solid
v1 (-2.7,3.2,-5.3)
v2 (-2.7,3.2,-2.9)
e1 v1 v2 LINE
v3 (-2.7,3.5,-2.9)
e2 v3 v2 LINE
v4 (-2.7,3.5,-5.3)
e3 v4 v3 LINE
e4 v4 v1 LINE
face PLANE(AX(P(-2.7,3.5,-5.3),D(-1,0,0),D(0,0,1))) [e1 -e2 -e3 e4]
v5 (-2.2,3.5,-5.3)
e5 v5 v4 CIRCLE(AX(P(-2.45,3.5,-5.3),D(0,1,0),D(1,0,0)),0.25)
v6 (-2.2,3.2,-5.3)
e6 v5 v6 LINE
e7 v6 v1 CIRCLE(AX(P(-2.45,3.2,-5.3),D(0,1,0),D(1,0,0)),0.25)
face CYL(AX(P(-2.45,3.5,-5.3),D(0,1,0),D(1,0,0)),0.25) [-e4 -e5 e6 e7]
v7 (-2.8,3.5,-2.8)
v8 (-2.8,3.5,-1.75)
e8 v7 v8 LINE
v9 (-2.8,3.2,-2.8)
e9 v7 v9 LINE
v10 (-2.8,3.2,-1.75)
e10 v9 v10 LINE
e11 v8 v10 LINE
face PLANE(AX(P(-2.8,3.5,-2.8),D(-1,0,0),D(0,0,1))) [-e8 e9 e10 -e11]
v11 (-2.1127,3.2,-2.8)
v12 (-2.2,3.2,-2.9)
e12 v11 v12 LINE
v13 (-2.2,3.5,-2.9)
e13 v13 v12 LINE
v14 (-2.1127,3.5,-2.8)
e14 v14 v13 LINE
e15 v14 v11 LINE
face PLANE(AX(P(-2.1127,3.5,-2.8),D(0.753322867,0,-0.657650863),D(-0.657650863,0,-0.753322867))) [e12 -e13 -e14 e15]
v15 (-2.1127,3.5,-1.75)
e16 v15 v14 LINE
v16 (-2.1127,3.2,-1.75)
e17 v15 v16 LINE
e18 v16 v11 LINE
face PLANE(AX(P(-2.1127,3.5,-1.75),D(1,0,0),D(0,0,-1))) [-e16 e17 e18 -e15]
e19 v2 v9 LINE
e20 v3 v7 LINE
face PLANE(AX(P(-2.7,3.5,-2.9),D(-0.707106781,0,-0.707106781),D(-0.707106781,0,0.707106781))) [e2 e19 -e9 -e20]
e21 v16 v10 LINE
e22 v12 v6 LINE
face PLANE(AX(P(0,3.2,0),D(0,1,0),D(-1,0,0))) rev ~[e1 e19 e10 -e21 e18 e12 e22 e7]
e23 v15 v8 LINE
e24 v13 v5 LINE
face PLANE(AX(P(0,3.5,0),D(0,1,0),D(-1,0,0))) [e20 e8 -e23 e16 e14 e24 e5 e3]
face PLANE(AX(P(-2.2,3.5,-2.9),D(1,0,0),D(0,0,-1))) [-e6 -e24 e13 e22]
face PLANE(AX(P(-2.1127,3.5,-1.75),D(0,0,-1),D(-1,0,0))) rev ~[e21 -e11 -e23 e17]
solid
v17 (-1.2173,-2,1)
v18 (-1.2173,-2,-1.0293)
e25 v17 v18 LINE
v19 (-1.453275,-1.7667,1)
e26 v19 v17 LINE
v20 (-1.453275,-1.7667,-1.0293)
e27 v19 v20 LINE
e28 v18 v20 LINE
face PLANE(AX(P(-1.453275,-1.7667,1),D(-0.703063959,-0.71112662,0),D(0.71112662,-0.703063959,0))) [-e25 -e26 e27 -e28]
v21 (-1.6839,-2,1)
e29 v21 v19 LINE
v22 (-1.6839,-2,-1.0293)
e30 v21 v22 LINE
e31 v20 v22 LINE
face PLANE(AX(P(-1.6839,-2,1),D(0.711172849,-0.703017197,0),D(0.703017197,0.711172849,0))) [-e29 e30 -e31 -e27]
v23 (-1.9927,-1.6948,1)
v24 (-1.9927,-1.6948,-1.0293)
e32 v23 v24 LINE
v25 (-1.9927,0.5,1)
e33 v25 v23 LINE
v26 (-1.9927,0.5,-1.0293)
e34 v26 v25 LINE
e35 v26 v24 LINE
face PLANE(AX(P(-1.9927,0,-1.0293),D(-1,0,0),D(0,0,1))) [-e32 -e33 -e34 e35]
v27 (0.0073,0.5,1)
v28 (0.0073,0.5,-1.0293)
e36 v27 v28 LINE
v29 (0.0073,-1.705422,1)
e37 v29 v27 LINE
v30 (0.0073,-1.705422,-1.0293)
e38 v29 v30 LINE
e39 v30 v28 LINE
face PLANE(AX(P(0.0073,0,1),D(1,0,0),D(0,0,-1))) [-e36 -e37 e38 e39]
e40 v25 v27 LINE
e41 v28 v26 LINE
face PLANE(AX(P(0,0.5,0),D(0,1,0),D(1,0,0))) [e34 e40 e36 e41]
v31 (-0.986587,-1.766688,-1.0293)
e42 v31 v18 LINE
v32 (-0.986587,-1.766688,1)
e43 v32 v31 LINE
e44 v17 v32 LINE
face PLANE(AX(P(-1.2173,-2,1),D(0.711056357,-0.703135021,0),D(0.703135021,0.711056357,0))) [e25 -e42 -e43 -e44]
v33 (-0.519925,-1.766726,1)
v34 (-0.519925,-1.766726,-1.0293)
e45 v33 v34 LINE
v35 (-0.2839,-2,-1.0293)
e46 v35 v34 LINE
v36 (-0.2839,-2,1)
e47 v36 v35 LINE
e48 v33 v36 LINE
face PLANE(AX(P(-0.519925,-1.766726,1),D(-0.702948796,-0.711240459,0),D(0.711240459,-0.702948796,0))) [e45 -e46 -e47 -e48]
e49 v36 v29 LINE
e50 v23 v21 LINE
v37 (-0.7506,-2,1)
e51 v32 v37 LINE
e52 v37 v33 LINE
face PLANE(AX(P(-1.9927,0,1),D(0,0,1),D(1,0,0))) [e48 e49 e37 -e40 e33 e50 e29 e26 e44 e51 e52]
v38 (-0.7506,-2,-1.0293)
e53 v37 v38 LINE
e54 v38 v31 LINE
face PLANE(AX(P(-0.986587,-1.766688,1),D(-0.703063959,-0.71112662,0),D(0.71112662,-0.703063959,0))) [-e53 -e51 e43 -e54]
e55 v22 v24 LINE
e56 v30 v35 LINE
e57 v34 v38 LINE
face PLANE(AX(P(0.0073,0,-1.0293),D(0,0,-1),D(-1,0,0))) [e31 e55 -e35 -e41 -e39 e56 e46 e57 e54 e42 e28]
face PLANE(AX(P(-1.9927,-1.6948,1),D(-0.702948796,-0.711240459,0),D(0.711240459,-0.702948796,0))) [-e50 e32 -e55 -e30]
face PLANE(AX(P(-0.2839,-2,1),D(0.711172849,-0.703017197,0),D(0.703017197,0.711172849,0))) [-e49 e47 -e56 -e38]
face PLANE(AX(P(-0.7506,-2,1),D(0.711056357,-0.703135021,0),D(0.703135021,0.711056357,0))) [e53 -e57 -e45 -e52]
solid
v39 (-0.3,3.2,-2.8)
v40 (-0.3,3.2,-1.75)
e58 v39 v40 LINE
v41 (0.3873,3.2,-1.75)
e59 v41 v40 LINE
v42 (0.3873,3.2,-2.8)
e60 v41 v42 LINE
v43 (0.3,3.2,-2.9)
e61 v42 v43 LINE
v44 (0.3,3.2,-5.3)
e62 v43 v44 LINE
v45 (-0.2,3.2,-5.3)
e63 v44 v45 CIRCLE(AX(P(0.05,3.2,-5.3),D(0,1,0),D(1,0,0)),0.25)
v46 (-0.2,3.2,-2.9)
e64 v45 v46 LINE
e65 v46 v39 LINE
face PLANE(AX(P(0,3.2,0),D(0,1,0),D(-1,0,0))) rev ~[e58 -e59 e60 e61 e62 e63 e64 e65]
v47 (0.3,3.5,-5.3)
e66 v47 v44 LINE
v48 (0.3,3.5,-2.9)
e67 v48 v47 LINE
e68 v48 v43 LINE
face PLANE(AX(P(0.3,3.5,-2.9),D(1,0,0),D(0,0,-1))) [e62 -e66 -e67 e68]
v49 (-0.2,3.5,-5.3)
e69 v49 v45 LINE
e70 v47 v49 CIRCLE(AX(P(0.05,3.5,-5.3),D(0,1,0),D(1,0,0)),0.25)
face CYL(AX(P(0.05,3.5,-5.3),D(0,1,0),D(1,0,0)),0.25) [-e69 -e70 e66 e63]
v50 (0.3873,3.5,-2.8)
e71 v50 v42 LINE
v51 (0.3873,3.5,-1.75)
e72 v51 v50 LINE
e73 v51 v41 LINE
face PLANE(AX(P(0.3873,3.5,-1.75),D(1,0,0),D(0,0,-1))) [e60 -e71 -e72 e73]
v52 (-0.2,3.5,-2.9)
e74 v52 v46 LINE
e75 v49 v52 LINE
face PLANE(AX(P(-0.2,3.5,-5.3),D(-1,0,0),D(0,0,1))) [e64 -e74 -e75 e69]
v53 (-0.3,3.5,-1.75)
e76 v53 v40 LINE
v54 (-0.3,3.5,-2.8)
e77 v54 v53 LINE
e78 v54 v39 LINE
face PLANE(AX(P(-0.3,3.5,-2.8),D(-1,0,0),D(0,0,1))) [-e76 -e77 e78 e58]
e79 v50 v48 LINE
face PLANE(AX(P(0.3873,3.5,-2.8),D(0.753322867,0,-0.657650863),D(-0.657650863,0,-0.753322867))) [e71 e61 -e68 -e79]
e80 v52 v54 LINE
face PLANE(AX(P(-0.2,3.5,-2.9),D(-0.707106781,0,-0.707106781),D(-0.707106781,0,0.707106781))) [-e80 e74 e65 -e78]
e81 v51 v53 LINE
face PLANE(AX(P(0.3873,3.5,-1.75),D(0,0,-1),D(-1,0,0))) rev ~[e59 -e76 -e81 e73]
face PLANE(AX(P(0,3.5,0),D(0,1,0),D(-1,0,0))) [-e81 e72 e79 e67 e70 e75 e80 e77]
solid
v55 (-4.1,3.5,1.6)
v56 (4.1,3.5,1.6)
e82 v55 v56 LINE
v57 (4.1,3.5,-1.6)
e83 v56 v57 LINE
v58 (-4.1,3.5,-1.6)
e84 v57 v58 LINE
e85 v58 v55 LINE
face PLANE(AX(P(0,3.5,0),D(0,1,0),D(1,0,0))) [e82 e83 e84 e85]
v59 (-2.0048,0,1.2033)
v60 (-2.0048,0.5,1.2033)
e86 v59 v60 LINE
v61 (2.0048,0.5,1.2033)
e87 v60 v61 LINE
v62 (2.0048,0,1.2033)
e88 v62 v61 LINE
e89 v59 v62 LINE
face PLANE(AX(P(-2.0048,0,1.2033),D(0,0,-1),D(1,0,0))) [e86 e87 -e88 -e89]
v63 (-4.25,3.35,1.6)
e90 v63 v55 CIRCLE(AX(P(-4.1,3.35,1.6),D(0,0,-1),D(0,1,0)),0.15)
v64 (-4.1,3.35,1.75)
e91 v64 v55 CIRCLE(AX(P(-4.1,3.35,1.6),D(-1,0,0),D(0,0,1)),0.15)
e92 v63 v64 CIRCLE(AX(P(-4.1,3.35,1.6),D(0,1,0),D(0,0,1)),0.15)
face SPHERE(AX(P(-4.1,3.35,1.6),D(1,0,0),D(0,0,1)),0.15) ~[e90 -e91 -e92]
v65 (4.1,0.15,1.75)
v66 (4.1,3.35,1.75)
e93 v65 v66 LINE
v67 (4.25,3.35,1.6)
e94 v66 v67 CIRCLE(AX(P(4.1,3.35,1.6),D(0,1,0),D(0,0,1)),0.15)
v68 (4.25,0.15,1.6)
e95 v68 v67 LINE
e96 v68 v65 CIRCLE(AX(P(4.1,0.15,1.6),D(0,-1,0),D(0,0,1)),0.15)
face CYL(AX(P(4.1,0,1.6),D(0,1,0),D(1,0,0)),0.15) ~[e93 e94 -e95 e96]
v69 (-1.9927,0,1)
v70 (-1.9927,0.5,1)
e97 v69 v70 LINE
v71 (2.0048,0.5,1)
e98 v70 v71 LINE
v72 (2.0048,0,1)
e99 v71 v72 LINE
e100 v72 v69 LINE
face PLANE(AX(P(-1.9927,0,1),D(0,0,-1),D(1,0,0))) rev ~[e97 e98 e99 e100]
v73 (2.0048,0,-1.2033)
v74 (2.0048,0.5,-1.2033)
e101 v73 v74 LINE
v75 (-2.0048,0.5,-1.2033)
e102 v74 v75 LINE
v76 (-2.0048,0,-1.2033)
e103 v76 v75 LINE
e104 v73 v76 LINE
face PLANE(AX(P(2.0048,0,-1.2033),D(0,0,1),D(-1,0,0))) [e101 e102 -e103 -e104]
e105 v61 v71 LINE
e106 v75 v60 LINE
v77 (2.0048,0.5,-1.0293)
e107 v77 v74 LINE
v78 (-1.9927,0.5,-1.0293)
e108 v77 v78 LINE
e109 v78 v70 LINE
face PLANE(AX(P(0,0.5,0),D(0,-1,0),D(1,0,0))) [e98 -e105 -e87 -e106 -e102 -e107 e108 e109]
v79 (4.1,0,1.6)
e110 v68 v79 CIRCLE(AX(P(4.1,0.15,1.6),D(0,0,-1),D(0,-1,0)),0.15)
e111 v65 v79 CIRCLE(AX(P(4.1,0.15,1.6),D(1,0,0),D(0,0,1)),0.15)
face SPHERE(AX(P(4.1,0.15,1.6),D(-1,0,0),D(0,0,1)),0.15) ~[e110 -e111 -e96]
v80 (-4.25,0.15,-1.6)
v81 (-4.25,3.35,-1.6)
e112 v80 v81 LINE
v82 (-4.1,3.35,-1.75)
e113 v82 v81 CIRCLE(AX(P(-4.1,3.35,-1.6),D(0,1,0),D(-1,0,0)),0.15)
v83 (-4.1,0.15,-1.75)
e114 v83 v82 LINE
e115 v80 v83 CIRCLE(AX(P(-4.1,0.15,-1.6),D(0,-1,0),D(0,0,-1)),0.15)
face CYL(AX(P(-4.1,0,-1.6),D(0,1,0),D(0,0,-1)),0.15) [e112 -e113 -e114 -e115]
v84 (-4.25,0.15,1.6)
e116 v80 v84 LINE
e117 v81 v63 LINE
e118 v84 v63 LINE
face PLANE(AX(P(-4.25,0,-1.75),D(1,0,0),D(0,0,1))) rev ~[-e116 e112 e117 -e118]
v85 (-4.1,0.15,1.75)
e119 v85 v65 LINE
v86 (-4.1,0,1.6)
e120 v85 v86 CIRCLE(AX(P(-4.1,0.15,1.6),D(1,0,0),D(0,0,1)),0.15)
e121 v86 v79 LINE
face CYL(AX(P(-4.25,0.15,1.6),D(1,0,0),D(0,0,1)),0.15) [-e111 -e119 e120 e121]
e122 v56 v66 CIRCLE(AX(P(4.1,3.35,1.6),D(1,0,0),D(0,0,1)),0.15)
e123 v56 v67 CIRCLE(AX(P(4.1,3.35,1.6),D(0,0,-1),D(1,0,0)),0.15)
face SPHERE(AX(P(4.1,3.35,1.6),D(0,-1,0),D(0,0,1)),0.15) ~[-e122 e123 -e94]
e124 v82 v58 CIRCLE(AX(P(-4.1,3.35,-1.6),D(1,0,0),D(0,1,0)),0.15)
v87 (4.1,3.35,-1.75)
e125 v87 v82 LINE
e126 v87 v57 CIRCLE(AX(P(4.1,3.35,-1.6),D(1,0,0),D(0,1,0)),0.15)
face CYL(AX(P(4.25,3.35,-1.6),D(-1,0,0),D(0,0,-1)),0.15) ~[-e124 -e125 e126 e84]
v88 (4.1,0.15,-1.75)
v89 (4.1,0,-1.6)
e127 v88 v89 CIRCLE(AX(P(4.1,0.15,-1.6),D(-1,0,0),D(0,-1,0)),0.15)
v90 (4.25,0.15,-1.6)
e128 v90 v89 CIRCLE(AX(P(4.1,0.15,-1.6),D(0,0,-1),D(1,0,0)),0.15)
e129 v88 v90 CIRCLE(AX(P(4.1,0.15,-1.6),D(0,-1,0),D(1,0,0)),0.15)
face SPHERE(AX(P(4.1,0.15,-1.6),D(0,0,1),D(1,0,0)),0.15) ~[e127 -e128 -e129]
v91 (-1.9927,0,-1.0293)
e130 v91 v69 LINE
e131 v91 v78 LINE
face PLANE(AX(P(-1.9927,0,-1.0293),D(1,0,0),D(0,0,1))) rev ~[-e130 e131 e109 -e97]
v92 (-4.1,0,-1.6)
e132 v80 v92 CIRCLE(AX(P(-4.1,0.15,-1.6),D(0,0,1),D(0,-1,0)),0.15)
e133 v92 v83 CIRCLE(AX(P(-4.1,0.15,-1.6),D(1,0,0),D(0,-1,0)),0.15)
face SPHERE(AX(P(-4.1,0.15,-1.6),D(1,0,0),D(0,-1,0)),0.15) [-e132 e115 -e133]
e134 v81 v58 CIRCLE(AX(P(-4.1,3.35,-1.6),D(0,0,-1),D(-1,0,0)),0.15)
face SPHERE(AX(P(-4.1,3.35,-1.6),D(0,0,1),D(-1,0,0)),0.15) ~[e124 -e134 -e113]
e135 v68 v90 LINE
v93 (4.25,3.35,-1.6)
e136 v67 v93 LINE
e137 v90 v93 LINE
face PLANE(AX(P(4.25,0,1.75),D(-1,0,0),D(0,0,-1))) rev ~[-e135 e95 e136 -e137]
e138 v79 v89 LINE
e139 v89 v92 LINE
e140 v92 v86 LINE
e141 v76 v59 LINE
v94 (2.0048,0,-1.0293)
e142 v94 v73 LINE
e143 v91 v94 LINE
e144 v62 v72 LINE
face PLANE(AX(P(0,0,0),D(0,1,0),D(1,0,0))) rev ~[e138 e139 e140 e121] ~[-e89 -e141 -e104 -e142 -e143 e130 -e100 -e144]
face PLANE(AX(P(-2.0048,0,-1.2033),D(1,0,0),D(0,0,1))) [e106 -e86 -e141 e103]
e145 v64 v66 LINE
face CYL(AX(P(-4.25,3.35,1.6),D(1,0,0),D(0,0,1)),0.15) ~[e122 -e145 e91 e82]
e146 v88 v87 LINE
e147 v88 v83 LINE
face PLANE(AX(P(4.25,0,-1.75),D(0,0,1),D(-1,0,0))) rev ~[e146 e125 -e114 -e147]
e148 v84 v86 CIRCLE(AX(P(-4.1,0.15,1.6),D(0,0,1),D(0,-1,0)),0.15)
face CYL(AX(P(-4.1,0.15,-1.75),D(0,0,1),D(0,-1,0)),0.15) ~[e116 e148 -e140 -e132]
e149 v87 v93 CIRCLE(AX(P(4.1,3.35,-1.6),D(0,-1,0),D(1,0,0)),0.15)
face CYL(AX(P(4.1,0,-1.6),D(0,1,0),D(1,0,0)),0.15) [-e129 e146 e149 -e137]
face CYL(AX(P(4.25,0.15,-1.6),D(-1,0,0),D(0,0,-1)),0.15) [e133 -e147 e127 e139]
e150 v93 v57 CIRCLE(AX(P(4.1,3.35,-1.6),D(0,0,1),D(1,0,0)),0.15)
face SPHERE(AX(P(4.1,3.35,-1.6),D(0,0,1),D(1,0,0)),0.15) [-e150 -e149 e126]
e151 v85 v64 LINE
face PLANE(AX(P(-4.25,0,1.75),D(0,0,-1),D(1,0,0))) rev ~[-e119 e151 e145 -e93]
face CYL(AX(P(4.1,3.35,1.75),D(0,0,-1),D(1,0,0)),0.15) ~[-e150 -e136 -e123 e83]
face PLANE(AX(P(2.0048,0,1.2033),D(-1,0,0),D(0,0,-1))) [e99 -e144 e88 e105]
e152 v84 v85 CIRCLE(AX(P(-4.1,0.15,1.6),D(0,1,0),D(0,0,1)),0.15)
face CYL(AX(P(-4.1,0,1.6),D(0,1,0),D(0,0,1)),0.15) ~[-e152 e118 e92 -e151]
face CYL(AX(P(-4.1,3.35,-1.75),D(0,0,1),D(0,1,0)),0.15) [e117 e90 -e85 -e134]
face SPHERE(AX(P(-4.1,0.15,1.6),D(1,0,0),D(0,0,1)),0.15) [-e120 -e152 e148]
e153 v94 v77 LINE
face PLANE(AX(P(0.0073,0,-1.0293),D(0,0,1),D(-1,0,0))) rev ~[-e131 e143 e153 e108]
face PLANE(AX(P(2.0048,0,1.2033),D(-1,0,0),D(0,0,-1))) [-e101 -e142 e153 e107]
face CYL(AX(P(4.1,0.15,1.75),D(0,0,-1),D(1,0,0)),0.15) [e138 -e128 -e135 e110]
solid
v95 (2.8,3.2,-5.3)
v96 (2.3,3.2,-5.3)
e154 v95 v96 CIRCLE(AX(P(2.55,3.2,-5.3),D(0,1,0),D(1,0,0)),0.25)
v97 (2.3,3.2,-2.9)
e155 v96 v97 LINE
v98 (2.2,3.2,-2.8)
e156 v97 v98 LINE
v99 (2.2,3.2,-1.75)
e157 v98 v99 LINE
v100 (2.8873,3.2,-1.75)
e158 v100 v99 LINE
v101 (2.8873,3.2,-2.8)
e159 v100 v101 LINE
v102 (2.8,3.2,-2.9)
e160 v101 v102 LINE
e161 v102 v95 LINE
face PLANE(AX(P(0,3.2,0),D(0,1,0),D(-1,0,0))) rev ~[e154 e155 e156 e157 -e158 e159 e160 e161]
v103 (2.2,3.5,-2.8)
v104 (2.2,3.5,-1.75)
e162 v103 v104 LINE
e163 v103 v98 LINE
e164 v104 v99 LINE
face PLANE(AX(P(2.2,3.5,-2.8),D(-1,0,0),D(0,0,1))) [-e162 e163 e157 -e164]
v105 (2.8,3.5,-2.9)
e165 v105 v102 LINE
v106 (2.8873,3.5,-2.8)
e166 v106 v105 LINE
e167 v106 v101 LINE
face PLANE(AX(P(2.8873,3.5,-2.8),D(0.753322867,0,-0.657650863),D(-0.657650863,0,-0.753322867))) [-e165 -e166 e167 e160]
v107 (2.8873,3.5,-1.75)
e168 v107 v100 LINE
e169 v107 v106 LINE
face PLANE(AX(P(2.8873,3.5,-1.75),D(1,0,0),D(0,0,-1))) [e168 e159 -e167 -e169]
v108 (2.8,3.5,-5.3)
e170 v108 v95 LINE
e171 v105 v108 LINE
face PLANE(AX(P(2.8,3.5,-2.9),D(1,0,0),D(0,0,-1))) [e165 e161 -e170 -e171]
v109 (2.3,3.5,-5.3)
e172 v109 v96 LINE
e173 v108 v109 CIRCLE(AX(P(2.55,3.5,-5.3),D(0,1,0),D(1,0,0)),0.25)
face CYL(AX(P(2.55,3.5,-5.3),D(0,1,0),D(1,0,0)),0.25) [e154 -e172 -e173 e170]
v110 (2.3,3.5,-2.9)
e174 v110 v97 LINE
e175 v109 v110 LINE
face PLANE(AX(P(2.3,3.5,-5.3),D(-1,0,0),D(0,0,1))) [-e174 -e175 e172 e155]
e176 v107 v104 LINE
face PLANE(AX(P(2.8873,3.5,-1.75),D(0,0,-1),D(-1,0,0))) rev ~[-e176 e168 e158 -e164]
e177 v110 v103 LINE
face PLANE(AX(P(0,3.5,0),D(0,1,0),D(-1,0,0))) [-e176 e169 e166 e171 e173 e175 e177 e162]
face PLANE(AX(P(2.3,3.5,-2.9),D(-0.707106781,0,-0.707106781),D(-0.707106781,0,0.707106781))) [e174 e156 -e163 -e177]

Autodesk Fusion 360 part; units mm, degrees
sketch "Sketch1" plane through (0, 0, 0) normal (0, 1, 0) x (1, 0, 0)
  line L0 (4.25, 1.75) -> (-4.25, 1.75)
  line L1 (-4.25, 1.75) -> (-4.25, -1.75)
  line L2 (-4.25, -1.75) -> (4.25, -1.75)
  line L3 (4.25, -1.75) -> (4.25, 1.75)
  line L4 (4.25, 1.75) -> (-4.25, -1.75) construction
  line L5 (-4.25, 1.75) -> (4.25, -1.75) construction
  dimension "d1" = 8.5
  dimension "d2" = 3.5
extrude "Extrude1" add sketch "Sketch1" along normal blind 3.5 makes body 1
sketch "Sketch3" plane through (0, 0, 0) normal (0, -1, 0) x (1, 0, 0)
  line L0 (4.25, -1.75) -> (4.25, 1.75)
  line L1 (4.25, 1.75) -> (-4.25, 1.75)
  line L2 (-4.25, 1.75) -> (-4.25, -1.75)
  line L3 (-4.25, -1.75) -> (4.25, -1.75)
  line L4 (2.0048, -1.2033) -> (-2.0048, -1.2033)
  line L5 (-2.0048, -1.2033) -> (-2.0048, 1.2033)
  line L6 (-2.0048, 1.2033) -> (2.0048, 1.2033)
  line L7 (2.0048, 1.2033) -> (2.0048, -1.2033)
  line L8 (2.0048, -1.2033) -> (-2.0048, 1.2033) construction
  line L9 (-2.0048, -1.2033) -> (2.0048, 1.2033) construction
  line L10 (0.0073, -1.0293) -> (-1.9927, -1.0293)
  line L11 (-1.9927, -1.0293) -> (-1.9927, 1)
  line L12 (-1.9927, 1) -> (0.0073, 1)
  line L13 (0.0073, 1) -> (0.0073, -1.0293)
  dimension "d7" = 2
extrude "Extrude2" cut sketch "Sketch3" against normal blind 0.5 contours L4 L5 L6 L7 bodies 1
extrude "Extrude3" add 1 faces at (-0.6593, 0, 0.3236) along direction (0, -1, 0) blind 2 and the other way blind 0.5 separate body on bodies 1 makes body 2
sketch "Sketch4" plane through (0, 3.5, 0) normal (0, 1, 0) x (-1, 0, 0)
  line L0 (-4.25, 1.75) -> (-4.25, -1.75)
  line L1 (-4.25, -1.75) -> (4.25, -1.75)
  line L2 (4.25, -1.75) -> (4.25, 1.75)
  line L3 (4.25, 1.75) -> (-4.25, 1.75)
  line L4 (-2.8873, -1.75) -> (-2.8873, -2.8)
  line L5 (-2.8873, -2.8) -> (-2.8, -2.9)
  line L6 (-2.8, -2.9) -> (-2.8, -5.3)
  arc A0 (-2.8, -5.3) -> (-2.3, -5.3) centre (-2.55, -5.3) ccw
  line L7 (-2.3, -5.3) -> (-2.3, -2.9)
  line L8 (-2.3, -2.9) -> (-2.2, -2.8)
  line L9 (-2.2, -2.8) -> (-2.2, -1.75)
  line L10 (-2.8873, -1.75) -> (-2.2, -1.75)
  line L11 (-0.3873, -1.75) -> (0.3, -1.75)
  line L12 (-0.3873, -1.75) -> (-0.3873, -2.8)
  line L13 (-0.3873, -2.8) -> (-0.3, -2.9)
  line L14 (-0.3, -2.9) -> (-0.3, -5.3)
  arc A1 (-0.3, -5.3) -> (0.2, -5.3) centre (-0.05, -5.3) ccw
  line L15 (0.2, -5.3) -> (0.2, -2.9)
  line L16 (0.2, -2.9) -> (0.3, -2.8)
  line L17 (0.3, -2.8) -> (0.3, -1.75)
  line L18 (2.1127, -1.75) -> (2.8, -1.75)
  line L19 (2.1127, -1.75) -> (2.1127, -2.8)
  line L20 (2.1127, -2.8) -> (2.2, -2.9)
  line L21 (2.2, -2.9) -> (2.2, -5.3)
  arc A2 (2.2, -5.3) -> (2.7, -5.3) centre (2.45, -5.3) ccw
  line L22 (2.7, -5.3) -> (2.7, -2.9)
  line L23 (2.7, -2.9) -> (2.8, -2.8)
  line L24 (2.8, -2.8) -> (2.8, -1.75)
  dimension "d14" = 0.5
  dimension "d17" = 5
  dimension "d18" = 0
extrude "Extrude4" add sketch "Sketch4" against normal blind 0.3 separate body contours L1 L4 L5 L6 A0 L7 L8 L9 L10 | L1 L18 L19 L20 L21 A2 L22 L23 L24 | L1 L11 L12 L13 L14 A1 L15 L16 L17 makes body 3 at (2.6582, 3.5, -2.1) makes body 4 at (0.1582, 3.5, -2.1) makes body 5 at (-2.3418, 3.5, -2.1)
sketch "Sketch5" plane through (0, 0, 1) normal (0, 0, 1) x (-1, 0, 0)
  line L0 (1.9927, -0.5) -> (1.9927, 2)
  line L1 (1.9927, 2) -> (-0.0073, 2)
  line L2 (-0.0073, 2) -> (-0.0073, -0.5)
  line L3 (-0.0073, -0.5) -> (1.9927, -0.5)
  line L4 (1.9927, 2) -> (-0.0073, 2)
  line L5 (-0.0073, 2) -> (-0.0073, 1.6948)
  line L6 (-0.0073, 1.6948) -> (1.9927, 1.6948)
  line L7 (1.9927, 1.6948) -> (1.9927, 2)
  line L8 (1.9927, 1.6948) -> (1.6839, 2)
  line L9 (1.6839, 2) -> (1.3822, 1.6948)
  line L10 (1.526, 1.6948) -> (1.2173, 2)
  line L11 (1.2173, 2) -> (0.9155, 1.6948)
  line L12 (1.0593, 1.6948) -> (0.7506, 2)
  line L13 (0.7506, 2) -> (0.4488, 1.6948)
  line L14 (0.5927, 1.6948) -> (0.2839, 2)
  line L15 (0.2839, 2) -> (-0.0178, 1.6948)
  dimension "d23" = -1.4
  dimension "d24" = 0
extrude "Extrude5" cut sketch "Sketch5" against normal blind 2.5 contours L0 L1 L4 L7 L8 | L1 L4 L9 L10 | L1 L4 L11 L12 | L1 L2 L4 L5 L15 | L1 L4 L13 L14 bodies 2
delete_face "DeleteFace1" 1 faces at (0.0073, 0.1667, 0.3236) on bodies 1
fillet "Fillet1" radius 0.15 12 edges at (0, 0, 1.75) (4.25, 1.75, 1.75) (0, 3.5, 1.75) (-4.25, 1.75, 1.75) (4.25, 0, 0) (4.25, 3.5, 0) (4.25, 1.75, -1.75) (0, 0, -1.75) (-4.25, 0, 0) (-4.25, 3.5, 0) (-4.25, 1.75, -1.75) (0, 3.5, -1.75) on bodies 1
